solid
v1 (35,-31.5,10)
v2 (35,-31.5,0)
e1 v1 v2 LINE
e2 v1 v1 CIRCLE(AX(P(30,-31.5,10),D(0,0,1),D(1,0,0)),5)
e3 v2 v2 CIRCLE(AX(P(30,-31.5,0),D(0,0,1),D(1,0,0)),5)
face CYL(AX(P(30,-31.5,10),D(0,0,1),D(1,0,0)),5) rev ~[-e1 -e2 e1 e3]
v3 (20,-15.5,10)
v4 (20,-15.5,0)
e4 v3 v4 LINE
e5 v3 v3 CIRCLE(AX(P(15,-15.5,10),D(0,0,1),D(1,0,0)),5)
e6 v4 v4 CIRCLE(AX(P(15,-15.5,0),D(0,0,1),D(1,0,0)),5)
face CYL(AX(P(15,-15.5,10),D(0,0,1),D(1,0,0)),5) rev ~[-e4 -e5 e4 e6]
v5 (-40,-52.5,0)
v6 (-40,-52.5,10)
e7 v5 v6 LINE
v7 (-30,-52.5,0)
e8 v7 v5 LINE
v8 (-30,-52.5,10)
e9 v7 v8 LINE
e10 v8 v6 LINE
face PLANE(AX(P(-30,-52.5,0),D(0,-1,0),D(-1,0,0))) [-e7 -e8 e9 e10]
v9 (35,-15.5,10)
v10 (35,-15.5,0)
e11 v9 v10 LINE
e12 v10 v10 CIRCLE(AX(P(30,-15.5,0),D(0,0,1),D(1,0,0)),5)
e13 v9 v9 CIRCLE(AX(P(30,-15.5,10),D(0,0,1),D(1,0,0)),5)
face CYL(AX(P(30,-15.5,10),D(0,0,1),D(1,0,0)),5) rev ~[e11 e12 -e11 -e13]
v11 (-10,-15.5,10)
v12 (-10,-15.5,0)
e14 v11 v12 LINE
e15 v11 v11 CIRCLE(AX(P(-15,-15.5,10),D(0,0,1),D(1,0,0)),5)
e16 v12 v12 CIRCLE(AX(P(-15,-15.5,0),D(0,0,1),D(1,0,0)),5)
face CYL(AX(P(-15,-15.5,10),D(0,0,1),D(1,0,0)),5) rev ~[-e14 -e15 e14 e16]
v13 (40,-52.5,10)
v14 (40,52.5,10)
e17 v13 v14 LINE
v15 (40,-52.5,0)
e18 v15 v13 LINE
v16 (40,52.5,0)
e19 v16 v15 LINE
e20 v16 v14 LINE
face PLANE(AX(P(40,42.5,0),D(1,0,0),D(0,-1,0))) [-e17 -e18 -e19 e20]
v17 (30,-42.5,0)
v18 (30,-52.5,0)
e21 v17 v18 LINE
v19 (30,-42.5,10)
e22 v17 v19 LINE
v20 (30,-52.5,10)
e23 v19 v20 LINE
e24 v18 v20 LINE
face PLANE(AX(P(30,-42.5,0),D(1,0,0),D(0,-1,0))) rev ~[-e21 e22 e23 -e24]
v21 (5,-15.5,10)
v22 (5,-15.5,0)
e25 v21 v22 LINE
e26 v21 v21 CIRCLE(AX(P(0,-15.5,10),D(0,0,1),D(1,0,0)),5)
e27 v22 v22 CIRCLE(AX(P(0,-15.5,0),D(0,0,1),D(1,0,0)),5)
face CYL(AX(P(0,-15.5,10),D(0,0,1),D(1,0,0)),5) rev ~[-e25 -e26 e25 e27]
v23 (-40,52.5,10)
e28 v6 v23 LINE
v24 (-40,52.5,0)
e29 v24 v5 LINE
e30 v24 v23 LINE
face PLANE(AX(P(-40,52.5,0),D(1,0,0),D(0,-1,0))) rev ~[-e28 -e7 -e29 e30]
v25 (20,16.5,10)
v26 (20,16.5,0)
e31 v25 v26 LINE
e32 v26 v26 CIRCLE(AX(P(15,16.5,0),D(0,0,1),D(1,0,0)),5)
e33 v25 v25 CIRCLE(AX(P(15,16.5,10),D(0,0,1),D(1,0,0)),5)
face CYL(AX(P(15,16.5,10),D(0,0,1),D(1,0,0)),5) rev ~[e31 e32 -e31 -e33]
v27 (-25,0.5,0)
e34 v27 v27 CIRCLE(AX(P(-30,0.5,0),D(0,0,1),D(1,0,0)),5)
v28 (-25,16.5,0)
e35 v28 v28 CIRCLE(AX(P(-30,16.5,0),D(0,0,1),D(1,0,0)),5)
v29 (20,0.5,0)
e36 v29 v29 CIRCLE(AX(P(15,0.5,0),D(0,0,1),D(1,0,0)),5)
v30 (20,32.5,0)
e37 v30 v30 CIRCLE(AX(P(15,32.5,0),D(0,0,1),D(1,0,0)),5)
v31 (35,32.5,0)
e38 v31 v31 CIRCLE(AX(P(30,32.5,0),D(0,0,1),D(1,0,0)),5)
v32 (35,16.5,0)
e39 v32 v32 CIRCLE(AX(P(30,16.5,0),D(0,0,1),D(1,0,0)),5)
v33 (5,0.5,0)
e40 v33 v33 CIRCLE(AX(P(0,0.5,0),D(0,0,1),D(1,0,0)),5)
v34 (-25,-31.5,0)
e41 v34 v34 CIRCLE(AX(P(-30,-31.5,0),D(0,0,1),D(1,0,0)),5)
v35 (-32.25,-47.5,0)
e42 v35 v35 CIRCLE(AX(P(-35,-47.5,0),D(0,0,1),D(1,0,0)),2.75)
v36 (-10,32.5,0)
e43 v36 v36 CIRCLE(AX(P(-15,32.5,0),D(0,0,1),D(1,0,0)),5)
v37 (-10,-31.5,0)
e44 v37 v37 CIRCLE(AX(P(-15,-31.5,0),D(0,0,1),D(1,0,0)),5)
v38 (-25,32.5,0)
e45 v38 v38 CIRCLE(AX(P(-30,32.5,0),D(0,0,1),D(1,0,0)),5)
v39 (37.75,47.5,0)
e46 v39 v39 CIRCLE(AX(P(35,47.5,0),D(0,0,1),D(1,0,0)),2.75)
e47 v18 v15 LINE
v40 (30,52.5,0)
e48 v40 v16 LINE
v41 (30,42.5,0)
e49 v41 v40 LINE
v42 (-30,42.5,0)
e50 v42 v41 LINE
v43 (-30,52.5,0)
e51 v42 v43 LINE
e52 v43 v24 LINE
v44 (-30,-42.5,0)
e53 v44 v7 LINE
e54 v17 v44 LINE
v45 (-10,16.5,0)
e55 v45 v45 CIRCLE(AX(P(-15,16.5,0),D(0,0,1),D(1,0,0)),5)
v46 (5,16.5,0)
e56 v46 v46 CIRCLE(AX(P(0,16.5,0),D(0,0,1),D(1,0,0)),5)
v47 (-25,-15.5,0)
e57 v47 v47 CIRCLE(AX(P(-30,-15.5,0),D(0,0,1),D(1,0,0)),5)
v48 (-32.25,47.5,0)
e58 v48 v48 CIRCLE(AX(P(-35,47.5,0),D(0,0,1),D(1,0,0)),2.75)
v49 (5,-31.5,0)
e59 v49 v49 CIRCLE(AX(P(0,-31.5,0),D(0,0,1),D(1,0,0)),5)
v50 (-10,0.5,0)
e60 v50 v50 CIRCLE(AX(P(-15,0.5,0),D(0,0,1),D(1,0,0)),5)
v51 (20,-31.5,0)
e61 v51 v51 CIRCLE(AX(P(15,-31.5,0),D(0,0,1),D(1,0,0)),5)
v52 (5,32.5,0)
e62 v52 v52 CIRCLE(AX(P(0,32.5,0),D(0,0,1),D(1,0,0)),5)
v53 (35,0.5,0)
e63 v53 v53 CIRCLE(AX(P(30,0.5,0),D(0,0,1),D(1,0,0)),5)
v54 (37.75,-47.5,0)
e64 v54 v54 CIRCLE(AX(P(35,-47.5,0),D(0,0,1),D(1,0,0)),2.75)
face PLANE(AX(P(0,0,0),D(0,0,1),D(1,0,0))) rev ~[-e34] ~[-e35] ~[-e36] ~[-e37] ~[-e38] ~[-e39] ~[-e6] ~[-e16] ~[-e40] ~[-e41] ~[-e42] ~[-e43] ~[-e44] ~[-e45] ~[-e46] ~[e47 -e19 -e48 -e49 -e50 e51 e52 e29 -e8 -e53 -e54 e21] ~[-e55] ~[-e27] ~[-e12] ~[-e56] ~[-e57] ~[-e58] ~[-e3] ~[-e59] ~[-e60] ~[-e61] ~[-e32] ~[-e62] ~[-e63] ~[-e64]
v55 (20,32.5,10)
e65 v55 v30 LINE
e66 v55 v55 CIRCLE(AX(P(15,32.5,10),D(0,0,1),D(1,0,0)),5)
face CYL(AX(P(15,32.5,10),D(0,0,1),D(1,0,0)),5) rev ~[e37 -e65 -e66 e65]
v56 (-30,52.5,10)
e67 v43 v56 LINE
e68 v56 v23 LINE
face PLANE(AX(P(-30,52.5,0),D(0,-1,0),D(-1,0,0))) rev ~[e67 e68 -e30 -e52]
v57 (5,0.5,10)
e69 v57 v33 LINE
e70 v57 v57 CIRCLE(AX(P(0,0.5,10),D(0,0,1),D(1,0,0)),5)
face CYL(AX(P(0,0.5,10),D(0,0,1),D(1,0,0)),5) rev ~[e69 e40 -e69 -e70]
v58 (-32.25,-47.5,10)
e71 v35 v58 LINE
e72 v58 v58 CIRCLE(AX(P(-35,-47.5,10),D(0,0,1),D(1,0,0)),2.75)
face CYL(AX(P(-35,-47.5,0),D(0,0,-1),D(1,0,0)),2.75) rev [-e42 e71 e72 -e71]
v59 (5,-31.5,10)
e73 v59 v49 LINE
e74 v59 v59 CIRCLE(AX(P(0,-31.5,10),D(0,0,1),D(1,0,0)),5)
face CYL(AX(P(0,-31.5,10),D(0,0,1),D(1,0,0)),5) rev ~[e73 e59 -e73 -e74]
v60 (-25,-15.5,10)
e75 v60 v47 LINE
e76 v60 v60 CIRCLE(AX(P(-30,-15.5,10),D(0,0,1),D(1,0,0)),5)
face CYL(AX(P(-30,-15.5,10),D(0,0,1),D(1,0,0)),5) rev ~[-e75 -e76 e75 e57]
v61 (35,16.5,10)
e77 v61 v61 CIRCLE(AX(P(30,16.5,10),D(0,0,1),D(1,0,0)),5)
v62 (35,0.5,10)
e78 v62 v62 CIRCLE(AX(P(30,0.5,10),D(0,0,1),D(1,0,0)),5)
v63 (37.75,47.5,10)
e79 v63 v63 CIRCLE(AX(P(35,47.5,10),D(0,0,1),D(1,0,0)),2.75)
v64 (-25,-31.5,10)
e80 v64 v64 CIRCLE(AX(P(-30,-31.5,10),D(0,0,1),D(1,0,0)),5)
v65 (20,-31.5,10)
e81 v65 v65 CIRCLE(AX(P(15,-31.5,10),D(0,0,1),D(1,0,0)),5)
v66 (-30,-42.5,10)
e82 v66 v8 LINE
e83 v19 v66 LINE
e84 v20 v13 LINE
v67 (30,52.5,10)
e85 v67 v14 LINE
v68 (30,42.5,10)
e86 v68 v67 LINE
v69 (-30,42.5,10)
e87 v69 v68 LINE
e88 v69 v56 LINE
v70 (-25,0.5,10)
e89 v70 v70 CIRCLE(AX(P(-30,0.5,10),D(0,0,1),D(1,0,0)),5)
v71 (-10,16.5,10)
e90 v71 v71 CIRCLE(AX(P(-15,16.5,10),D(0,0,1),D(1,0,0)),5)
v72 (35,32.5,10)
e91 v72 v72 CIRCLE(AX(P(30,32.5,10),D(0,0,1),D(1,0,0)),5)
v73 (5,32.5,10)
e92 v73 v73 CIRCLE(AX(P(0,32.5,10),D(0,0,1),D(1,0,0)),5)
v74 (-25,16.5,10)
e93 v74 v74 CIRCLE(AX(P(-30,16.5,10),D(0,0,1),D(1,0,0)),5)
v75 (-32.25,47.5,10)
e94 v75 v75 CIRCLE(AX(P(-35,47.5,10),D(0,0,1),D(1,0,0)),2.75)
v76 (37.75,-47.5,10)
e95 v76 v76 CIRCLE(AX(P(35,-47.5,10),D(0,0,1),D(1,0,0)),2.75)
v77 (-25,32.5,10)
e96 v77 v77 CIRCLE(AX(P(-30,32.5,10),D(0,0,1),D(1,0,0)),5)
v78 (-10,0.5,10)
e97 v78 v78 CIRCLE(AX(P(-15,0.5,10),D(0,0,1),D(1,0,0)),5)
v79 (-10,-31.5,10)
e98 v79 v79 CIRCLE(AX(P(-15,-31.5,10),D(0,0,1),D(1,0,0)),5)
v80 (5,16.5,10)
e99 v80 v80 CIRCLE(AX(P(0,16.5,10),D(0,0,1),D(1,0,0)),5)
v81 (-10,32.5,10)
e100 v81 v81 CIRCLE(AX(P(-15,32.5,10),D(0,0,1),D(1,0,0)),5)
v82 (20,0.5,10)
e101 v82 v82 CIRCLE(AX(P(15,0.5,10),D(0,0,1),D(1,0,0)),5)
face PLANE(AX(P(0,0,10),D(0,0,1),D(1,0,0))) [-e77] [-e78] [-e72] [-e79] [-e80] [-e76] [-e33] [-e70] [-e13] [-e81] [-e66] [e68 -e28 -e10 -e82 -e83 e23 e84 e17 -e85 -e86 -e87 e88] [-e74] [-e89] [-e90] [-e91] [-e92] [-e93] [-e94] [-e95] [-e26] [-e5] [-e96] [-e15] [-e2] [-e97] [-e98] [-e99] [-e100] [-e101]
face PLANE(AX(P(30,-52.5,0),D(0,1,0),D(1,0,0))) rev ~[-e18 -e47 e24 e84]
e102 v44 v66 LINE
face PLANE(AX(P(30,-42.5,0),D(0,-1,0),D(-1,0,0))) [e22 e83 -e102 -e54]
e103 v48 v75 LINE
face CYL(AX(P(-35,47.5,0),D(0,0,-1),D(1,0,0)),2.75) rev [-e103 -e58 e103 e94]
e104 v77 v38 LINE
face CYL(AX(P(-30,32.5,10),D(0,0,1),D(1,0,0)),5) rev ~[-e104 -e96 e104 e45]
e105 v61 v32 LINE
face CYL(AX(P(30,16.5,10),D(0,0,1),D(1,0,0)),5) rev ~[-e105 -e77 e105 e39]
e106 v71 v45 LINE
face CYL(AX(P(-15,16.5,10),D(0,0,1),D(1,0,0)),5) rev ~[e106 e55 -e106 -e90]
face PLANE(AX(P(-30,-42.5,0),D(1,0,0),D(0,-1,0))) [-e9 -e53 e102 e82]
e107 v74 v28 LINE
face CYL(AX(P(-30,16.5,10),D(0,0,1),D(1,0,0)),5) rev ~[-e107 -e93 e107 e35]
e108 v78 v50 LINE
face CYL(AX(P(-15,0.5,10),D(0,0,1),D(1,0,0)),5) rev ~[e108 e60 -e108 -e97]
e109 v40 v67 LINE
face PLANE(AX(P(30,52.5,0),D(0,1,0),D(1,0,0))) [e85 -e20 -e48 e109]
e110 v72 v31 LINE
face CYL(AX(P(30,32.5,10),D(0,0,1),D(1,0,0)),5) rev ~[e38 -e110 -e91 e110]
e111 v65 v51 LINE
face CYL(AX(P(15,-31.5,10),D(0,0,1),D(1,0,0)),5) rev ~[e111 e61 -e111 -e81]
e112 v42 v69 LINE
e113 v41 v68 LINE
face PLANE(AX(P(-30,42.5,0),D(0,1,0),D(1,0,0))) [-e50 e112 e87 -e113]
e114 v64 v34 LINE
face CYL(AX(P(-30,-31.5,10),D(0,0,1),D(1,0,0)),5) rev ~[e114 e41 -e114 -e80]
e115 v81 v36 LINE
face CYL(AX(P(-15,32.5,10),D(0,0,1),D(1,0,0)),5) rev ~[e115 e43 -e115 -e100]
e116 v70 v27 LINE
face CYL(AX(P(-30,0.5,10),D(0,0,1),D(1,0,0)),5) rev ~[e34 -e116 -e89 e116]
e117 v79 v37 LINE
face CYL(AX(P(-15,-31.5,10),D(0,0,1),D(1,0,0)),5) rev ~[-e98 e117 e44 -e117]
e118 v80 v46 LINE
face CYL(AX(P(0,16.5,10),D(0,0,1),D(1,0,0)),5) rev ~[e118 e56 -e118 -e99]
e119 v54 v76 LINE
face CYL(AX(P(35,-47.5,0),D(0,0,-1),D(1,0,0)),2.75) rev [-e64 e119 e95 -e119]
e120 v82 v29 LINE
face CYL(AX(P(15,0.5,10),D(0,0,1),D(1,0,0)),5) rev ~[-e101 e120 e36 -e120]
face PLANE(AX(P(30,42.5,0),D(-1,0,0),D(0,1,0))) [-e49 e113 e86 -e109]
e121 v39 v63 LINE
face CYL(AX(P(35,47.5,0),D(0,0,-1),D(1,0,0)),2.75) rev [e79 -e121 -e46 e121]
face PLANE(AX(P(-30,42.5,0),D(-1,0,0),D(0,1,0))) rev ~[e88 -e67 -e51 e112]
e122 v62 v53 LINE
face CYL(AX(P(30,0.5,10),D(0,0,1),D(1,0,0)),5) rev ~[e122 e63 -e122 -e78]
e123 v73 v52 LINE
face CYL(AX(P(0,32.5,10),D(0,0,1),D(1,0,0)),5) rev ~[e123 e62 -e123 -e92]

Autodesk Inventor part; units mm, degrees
ref_plane "YZ Plane" through (0, 0, 0) normal (1, 0, 0) x (0, 1, 0)
ref_plane "XZ Plane" through (0, 0, 0) normal (0, 1, 0) x (-1, 0, 0)
ref_plane "XY Plane" through (0, 0, 0) normal (0, 0, 1) x (1, 0, 0)
sketch "Sketch1" plane through (0, 0, 0) normal (0, 0, 1) x (1, 0, 0)
  line L0 (-40, 42.5) -> (40, 42.5)
  line L1 (40, 42.5) -> (40, -42.5)
  line L2 (40, -42.5) -> (-40, -42.5)
  line L3 (-40, -42.5) -> (-40, 42.5)
  line L4 (-40, 42.5) -> (40, -42.5) construction
  line L5 (40, 42.5) -> (-40, -42.5) construction
  line L6 (40, 42.5) -> (30, 42.5)
  line L7 (30, 42.5) -> (30, 52.5)
  line L8 (30, 52.5) -> (40, 52.5)
  line L9 (40, 52.5) -> (40, 42.5)
  line L10 (-40, 42.5) -> (-30, 42.5)
  line L11 (-30, 42.5) -> (-30, 52.5)
  line L12 (-30, 52.5) -> (-40, 52.5)
  line L13 (-40, 52.5) -> (-40, 42.5)
  line L14 (-40, -42.5) -> (-30, -42.5)
  line L15 (-30, -42.5) -> (-30, -52.5)
  line L16 (-30, -52.5) -> (-40, -52.5)
  line L17 (-40, -52.5) -> (-40, -42.5)
  line L18 (40, -42.5) -> (30, -42.5)
  line L19 (30, -42.5) -> (30, -52.5)
  line L20 (30, -52.5) -> (40, -52.5)
  line L21 (40, -52.5) -> (40, -42.5)
  circle A0 centre (-35, 47.5) radius 2.75
  circle A1 centre (35, 47.5) radius 2.75
  circle A2 centre (35, -47.5) radius 2.75
  circle A3 centre (-35, -47.5) radius 2.75
  point P0 (0, 0)
  point P1 (-35, 52.5)
  point P2 (35, 52.5)
  point P3 (-40, -47.5)
  point P4 (-40, 47.5)
  point P5 (30, -42.5)
  point P6 (30, 42.5)
  point P7 (30, -47.5)
  dimension "d1" = 10
  dimension "d2" = 10
  dimension "d3" = 5.5
  dimension "d4" = 5.5
  dimension "d5" = 5.5
  dimension "d6" = 5.5
  dimension "d7" = 10
  dimension "d8" = 10
  dimension "d9" = 85
  dimension "d10" = 80
extrude "Extrusion1" add sketch "Sketch1" along normal blind 10
sketch "Sketch2" plane through (0, 0, 10) normal (0, 0, 1) x (1, 0, 0)
  circle A0 centre (-30, 32.5) radius 5
  line L0 (-40, 52.5) -> (-40, -52.5) projected
  line L1 (30, 42.5) -> (-30, 42.5) projected
  circle A1 centre (-15, 32.5) radius 5
  circle A2 centre (0, 32.5) radius 5
  circle A3 centre (15, 32.5) radius 5
  circle A4 centre (30, 32.5) radius 5
  circle A5 centre (-30, 16.5) radius 5
  circle A6 centre (-15, 16.5) radius 5
  circle A7 centre (0, 16.5) radius 5
  circle A8 centre (15, 16.5) radius 5
  circle A9 centre (30, 16.5) radius 5
  circle A10 centre (-30, 0.5) radius 5
  circle A11 centre (-15, 0.5) radius 5
  circle A12 centre (0, 0.5) radius 5
  circle A13 centre (15, 0.5) radius 5
  circle A14 centre (30, 0.5) radius 5
  circle A15 centre (-30, -15.5) radius 5
  circle A16 centre (-15, -15.5) radius 5
  circle A17 centre (0, -15.5) radius 5
  circle A18 centre (15, -15.5) radius 5
  circle A19 centre (30, -15.5) radius 5
  circle A20 centre (-30, -31.5) radius 5
  circle A21 centre (-15, -31.5) radius 5
  circle A22 centre (0, -31.5) radius 5
  circle A23 centre (15, -31.5) radius 5
  circle A24 centre (30, -31.5) radius 5
  point P0 (0, 0)
  dimension "d13" = 10
  dimension "d14" = 10
  dimension "d15" = 10
  dimension "d18" = 15
  dimension "d21" = 16
extrude "Extrusion2" cut sketch "Sketch2" against normal blind 10
properties part number "battery_box_cap_ver2"
